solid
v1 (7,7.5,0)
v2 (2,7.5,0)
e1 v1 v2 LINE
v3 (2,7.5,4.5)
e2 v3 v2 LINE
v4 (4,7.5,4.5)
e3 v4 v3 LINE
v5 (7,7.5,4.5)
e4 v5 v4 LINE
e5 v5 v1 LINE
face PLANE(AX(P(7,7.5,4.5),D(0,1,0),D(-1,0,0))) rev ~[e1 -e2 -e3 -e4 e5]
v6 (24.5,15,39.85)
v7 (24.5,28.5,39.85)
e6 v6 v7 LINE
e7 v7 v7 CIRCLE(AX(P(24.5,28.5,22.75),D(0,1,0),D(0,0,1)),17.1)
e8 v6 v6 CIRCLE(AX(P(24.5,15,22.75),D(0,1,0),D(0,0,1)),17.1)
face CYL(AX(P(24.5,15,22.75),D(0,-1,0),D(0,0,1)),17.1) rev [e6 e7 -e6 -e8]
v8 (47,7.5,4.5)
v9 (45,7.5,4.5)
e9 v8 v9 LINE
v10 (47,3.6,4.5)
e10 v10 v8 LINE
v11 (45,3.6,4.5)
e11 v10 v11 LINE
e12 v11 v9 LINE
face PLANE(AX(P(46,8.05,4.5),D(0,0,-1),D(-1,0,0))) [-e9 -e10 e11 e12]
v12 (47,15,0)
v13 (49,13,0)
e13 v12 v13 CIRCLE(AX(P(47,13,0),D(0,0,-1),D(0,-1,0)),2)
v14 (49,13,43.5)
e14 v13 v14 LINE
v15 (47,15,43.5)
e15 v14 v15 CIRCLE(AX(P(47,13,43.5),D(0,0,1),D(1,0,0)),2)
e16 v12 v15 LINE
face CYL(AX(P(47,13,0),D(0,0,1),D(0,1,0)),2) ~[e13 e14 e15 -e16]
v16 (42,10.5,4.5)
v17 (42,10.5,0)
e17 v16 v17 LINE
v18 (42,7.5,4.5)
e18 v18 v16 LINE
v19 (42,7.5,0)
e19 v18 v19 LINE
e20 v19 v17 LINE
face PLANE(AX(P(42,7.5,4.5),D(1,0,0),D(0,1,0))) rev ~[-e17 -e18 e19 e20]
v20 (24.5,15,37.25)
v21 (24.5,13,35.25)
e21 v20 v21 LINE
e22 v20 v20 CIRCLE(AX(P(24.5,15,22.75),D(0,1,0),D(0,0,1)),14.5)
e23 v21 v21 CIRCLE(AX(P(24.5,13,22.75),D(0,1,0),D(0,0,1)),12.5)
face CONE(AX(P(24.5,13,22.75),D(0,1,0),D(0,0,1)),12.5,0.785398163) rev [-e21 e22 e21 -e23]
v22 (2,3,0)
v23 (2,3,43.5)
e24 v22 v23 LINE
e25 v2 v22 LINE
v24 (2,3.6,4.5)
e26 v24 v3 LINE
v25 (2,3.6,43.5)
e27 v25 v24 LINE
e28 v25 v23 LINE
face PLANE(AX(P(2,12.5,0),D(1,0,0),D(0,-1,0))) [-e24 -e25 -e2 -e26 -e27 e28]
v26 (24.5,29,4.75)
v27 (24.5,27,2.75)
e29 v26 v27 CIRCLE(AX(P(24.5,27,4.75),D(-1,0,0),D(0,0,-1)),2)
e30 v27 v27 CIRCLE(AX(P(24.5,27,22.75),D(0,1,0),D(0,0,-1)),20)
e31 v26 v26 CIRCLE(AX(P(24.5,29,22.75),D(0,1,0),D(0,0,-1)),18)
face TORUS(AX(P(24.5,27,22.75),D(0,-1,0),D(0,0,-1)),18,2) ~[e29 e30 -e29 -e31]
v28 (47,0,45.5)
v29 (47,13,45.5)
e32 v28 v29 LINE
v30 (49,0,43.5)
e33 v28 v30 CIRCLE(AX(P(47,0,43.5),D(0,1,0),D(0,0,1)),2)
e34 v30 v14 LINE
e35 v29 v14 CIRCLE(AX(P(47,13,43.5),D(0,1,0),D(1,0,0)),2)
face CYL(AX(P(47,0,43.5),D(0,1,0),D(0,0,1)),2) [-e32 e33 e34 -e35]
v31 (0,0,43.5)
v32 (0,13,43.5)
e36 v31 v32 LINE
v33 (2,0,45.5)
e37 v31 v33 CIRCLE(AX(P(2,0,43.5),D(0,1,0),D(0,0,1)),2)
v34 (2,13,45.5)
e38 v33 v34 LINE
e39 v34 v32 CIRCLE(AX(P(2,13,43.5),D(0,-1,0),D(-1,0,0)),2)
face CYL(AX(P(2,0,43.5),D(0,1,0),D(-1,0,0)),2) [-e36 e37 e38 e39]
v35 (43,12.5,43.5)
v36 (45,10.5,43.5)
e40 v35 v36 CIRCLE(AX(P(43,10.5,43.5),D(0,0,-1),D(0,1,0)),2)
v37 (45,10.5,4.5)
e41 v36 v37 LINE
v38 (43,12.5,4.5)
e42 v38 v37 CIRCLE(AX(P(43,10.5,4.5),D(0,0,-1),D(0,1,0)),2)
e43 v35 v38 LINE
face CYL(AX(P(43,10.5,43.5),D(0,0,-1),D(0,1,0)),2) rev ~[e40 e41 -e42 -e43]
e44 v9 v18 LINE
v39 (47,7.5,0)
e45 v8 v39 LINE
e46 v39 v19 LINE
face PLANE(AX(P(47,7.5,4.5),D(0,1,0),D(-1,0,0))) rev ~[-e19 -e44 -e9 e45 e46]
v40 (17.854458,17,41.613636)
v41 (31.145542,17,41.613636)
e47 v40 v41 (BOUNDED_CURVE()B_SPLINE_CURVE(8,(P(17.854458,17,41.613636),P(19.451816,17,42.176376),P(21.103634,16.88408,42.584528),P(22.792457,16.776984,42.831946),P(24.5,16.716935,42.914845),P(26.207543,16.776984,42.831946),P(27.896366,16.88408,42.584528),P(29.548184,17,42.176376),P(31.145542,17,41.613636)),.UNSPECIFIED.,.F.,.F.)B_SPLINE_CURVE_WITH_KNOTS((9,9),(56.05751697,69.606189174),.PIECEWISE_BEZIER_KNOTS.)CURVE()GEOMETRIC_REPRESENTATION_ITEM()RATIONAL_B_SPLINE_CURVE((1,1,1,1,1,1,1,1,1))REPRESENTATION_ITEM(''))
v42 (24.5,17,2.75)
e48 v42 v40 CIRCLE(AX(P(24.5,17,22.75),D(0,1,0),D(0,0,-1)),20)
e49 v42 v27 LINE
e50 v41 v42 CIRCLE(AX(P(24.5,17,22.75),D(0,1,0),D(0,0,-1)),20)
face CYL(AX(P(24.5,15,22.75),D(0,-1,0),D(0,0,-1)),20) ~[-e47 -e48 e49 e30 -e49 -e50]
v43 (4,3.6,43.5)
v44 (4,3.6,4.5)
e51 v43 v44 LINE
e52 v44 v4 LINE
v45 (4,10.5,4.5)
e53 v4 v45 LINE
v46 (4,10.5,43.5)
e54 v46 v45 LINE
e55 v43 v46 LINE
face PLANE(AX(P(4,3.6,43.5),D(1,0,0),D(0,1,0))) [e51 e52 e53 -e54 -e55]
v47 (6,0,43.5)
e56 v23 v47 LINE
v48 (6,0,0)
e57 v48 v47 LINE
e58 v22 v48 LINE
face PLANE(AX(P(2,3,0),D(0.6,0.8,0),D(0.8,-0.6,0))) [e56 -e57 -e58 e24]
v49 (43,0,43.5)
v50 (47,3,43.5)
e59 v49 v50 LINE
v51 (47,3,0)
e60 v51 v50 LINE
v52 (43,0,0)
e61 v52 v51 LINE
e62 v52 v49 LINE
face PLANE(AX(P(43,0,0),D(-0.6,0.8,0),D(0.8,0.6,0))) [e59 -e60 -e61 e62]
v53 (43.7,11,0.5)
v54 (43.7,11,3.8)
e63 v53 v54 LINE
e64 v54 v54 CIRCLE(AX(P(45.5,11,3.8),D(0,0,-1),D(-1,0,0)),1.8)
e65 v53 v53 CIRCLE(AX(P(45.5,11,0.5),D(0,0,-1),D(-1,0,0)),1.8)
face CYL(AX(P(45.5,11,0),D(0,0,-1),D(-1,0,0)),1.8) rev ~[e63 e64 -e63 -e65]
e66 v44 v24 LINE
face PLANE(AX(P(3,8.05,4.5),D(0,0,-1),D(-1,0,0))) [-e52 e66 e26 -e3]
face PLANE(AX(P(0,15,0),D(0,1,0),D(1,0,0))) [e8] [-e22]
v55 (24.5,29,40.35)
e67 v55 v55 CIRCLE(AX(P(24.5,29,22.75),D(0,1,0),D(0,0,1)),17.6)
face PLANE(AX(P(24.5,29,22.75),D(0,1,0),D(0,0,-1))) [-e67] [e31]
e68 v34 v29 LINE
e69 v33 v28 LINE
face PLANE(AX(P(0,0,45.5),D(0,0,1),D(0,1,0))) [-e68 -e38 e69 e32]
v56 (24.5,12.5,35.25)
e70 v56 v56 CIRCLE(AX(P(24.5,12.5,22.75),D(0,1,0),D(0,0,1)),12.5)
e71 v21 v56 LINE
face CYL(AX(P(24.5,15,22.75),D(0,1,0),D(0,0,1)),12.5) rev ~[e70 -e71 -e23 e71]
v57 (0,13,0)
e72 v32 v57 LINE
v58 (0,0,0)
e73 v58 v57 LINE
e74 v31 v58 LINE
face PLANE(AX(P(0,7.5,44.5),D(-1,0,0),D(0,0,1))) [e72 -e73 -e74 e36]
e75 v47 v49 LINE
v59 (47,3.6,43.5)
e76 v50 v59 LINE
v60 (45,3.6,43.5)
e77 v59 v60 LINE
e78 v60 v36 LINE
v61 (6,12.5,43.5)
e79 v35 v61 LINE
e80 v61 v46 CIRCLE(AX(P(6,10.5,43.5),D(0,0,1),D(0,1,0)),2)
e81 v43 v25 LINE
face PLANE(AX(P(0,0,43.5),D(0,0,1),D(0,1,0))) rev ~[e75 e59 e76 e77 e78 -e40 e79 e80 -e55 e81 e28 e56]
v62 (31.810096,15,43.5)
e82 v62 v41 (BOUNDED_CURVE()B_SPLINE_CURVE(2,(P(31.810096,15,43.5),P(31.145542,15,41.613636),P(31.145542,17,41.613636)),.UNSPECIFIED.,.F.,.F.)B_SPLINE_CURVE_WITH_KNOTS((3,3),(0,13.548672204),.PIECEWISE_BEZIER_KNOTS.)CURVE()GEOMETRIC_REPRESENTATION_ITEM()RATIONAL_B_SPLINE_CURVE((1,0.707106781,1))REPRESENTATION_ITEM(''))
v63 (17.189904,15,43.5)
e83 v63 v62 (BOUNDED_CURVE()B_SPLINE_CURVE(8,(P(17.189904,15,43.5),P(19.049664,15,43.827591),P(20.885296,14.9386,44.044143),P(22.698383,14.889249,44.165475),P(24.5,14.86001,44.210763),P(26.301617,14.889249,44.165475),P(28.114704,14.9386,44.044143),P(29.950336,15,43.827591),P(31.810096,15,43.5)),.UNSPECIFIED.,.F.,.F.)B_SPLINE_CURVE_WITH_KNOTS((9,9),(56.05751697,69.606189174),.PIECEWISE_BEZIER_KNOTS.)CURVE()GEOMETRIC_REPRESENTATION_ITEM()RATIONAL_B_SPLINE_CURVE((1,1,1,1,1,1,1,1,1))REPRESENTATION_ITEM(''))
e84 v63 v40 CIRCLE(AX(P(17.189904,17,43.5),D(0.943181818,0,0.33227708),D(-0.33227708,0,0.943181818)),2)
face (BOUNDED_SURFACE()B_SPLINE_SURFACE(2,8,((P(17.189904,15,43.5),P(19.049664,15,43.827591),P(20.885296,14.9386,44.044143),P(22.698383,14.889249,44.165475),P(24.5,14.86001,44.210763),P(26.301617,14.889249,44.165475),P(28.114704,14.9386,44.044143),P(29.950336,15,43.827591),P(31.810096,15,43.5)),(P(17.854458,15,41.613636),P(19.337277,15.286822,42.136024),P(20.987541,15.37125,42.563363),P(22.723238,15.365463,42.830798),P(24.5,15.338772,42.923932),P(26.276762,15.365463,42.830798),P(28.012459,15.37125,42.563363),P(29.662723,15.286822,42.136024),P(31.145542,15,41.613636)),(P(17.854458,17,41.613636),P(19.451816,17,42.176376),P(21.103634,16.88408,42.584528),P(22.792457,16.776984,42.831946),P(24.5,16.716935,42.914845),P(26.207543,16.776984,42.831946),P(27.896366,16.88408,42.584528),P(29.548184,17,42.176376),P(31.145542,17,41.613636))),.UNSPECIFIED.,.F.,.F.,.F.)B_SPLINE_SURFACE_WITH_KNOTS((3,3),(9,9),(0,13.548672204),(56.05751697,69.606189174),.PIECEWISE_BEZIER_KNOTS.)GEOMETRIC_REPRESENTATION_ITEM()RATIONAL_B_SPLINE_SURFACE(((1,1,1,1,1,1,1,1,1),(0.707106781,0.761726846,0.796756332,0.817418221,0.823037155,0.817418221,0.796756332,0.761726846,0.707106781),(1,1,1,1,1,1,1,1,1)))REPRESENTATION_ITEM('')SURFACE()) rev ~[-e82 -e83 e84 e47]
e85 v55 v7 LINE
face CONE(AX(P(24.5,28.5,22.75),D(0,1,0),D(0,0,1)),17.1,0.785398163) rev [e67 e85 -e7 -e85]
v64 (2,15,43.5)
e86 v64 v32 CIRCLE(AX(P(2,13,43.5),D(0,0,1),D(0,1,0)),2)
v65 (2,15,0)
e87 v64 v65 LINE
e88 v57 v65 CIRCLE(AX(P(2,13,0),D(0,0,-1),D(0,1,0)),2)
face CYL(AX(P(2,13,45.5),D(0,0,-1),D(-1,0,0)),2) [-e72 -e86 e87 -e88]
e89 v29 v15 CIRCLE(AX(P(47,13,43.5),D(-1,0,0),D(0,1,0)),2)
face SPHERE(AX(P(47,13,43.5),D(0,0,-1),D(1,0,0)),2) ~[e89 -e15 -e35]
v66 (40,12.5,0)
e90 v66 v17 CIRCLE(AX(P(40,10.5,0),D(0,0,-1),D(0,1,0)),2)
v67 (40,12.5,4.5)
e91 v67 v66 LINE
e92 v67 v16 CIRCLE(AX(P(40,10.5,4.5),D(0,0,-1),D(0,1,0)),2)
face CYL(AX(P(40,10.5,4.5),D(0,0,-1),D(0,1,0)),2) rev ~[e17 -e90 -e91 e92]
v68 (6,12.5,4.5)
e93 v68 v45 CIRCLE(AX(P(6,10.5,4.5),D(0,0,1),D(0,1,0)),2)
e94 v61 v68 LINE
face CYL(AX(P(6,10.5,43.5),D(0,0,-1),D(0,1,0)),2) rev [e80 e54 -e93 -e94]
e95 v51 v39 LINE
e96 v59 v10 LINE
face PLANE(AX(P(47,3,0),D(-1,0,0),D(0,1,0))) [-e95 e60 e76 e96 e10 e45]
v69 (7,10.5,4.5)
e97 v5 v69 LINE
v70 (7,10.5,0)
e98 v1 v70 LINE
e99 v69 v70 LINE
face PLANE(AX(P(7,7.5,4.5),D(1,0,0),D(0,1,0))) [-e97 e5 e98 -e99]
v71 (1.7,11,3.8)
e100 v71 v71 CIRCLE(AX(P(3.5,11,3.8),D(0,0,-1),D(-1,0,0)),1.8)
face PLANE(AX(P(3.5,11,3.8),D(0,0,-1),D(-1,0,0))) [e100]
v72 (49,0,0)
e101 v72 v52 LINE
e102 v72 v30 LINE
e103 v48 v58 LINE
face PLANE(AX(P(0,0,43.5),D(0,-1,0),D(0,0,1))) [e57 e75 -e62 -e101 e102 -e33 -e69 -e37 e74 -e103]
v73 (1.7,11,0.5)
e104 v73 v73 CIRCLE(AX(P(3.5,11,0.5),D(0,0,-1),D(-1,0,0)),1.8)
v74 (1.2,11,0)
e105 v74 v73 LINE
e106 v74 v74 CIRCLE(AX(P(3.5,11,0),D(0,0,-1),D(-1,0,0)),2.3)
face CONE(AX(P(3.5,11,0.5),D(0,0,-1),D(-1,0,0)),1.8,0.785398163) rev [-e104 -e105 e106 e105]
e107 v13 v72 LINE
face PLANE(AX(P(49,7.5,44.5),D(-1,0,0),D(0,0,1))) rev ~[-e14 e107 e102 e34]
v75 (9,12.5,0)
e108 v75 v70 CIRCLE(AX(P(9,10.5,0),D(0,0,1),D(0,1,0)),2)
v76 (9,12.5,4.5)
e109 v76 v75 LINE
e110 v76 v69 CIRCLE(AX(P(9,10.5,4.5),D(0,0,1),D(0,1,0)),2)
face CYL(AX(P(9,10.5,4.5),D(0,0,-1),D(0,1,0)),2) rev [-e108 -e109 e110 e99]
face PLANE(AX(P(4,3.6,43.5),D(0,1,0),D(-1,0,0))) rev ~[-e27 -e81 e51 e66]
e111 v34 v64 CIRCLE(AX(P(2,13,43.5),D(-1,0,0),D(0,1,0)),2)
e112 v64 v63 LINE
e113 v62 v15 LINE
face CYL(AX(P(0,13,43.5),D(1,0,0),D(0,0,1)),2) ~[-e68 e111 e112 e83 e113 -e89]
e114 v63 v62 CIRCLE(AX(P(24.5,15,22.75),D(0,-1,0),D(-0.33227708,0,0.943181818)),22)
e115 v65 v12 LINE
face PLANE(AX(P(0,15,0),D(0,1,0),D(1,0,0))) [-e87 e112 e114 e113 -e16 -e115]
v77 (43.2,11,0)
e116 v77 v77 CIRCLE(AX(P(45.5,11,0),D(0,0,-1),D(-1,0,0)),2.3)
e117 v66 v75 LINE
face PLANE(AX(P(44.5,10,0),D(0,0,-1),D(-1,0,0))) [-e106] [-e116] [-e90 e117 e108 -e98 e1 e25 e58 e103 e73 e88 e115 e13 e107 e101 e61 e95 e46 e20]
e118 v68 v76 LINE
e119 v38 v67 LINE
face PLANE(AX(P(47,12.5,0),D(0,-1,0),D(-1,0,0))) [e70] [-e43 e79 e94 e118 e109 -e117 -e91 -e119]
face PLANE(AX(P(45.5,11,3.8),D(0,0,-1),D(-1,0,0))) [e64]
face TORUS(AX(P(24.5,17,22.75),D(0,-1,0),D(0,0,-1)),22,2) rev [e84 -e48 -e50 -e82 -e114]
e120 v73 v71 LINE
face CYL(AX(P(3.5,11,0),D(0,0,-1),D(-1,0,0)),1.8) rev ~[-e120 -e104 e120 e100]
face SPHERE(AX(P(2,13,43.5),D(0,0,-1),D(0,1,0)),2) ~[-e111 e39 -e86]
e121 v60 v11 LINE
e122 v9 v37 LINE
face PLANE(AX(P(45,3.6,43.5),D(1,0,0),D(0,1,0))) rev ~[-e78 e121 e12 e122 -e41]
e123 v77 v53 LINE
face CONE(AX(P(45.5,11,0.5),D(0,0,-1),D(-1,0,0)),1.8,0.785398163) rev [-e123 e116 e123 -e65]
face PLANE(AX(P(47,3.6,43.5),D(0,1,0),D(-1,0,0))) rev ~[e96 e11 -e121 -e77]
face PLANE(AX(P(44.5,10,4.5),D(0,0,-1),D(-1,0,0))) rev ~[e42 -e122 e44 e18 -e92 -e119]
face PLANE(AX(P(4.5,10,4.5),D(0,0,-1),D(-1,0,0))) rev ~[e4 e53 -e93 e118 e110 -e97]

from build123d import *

# Parameters (mm, degrees)
BOSS_EXTRU_1_DEPTH      = 43.5
ESQUISSE2_W             = 2
ESQUISSE2_H             = 15
BOSS_EXTRU_2_DEPTH      = 49
ESQUISSE4_W             = 2
ESQUISSE4_H             = 8.9
BOSS_EXTRU_3_DEPTH      = 39
ESQUISSE5_W             = 5
ESQUISSE5_H             = 5
BOSS_EXTRU_4_DEPTH      = 4.5
CONG_1_R                = 2
CONG_2_R                = 2
CONG_5_R                = 2
ESQUISSE6_R             = 12.5
ENL_V_MAT_EXTRU_1_DEPTH = 2.5
CHANFREIN1_SIZE         = 2
ESQUISSE7_R             = 1.8
ENL_V_MAT_EXTRU_2_DEPTH = 3.8
CHANFREIN3_SIZE         = 0.5
ESQUISSE8_R             = 20
ESQUISSE8_R_2           = 17.1
BOSS_EXTRU_5_DEPTH      = 14
CONG_6_R                = 2
CONG_7_R                = 2
CHANFREIN4_SIZE         = 0.5


with BuildPart() as part:
    # Esquisse1 → Boss.-Extru.1 (new body)
    with BuildSketch(Plane.XY):
        Polygon((6, 0), (0, 0), (0, 15), (49, 15), (49, 0), (43, 0), (47, 3), (47, 12.5), (2, 12.5), (2, 3), align=None)
    extrude(amount=BOSS_EXTRU_1_DEPTH)

    # Esquisse2 → Boss.-Extru.2 (add)
    with BuildSketch(Plane.ZY):
        with Locations((44.5, 7.5)):
            Rectangle(ESQUISSE2_W, ESQUISSE2_H)
    extrude(amount=-BOSS_EXTRU_2_DEPTH)

    # Esquisse4 → Boss.-Extru.3 (add)
    with BuildSketch(Plane(origin=(0, 0, 43.5), x_dir=(-1, 0, 0), z_dir=(0, 0, -1))):
        with Locations((-46, 8.05)):
            Rectangle(ESQUISSE4_W, ESQUISSE4_H)
        with Locations((-3, 8.05)):
            Rectangle(ESQUISSE4_W, ESQUISSE4_H)
    extrude(amount=BOSS_EXTRU_3_DEPTH)

    # Esquisse5 → Boss.-Extru.4 (add)
    with BuildSketch(Plane(origin=(0, 0, 4.5), x_dir=(-1, 0, 0), z_dir=(0, 0, -1))):
        with Locations((-44.5, 10)):
            Rectangle(ESQUISSE5_W, ESQUISSE5_H)
        with Locations((-4.5, 10)):
            Rectangle(ESQUISSE5_W, ESQUISSE5_H)
    extrude(amount=BOSS_EXTRU_4_DEPTH)

    # Congé1
    cong_1_edges = [part.edges().sort_by_distance(p)[0] for p in [
        (45, 12.5, 24),
        (4, 12.5, 24),
    ]]
    fillet(cong_1_edges, radius=CONG_1_R)

    # Congé2
    cong_2_edges = [part.edges().sort_by_distance(p)[0] for p in [
        (42, 12.5, 2.25),
        (7, 12.5, 2.25),
    ]]
    fillet(cong_2_edges, radius=CONG_2_R)

    # Congé5
    cong_5_edges = [part.edges().sort_by_distance(p)[0] for p in [
        (0, 15, 22.75),
        (49, 15, 22.75),
        (49, 7.5, 45.5),
        (24.5, 15, 45.5),
        (0, 7.5, 45.5),
    ]]
    fillet(cong_5_edges, radius=CONG_5_R)

    # Esquisse6 → Enlèv. mat.-Extru.1 (cut)
    with BuildSketch(Plane(origin=(0, 15, 0), x_dir=(1, 0, 0), z_dir=(0, 1, 0))):
        with Locations(Location((24.5, -22.75, 0), (0, 0, 270))):
            Circle(ESQUISSE6_R)
    extrude(amount=-ENL_V_MAT_EXTRU_1_DEPTH, mode=Mode.SUBTRACT)

    # Chanfrein1
    chanfrein1_edges = [part.edges().sort_by_distance(p)[0] for p in [
        (24.5, 15, 10.25),
    ]]
    chamfer(chanfrein1_edges, length=CHANFREIN1_SIZE)

    # Esquisse7 → Enlèv. mat.-Extru.2 (cut)
    with BuildSketch(Plane(origin=(0, 0, 0), x_dir=(-1, 0, 0), z_dir=(0, 0, -1))):
        with Locations((-45.5, 11)):
            Circle(ESQUISSE7_R)
        with Locations((-3.5, 11)):
            Circle(ESQUISSE7_R)
    extrude(amount=-ENL_V_MAT_EXTRU_2_DEPTH, mode=Mode.SUBTRACT)

    # Chanfrein3
    chanfrein3_edges = [part.edges().sort_by_distance(p)[0] for p in [
        (47.3, 11, 0),
        (5.3, 11, 0),
    ]]
    chamfer(chanfrein3_edges, length=CHANFREIN3_SIZE)

    # Esquisse8 → Boss.-Extru.5 (add)
    with BuildSketch(Plane(origin=(0, 15, 0), x_dir=(1, 0, 0), z_dir=(0, 1, 0))):
        with Locations(Location((24.5, -22.75, 0), (0, 0, 90))):
            Circle(ESQUISSE8_R)
        with Locations(Location((24.5, -22.75, 0), (0, 0, 270))):
            Circle(ESQUISSE8_R_2, mode=Mode.SUBTRACT)
    extrude(amount=BOSS_EXTRU_5_DEPTH)

    # Congé6
    cong_6_edges = [part.edges().sort_by_distance(p)[0] for p in [
        (24.5, 15, 42.75),
    ]]
    fillet(cong_6_edges, radius=CONG_6_R)

    # Congé7
    cong_7_edges = [part.edges().sort_by_distance(p)[0] for p in [
        (24.5, 29, 42.75),
    ]]
    fillet(cong_7_edges, radius=CONG_7_R)

    # Chanfrein4
    chanfrein4_edges = [part.edges().sort_by_distance(p)[0] for p in [
        (24.5, 29, 5.65),
    ]]
    chamfer(chanfrein4_edges, length=CHANFREIN4_SIZE)


solid = part.part
